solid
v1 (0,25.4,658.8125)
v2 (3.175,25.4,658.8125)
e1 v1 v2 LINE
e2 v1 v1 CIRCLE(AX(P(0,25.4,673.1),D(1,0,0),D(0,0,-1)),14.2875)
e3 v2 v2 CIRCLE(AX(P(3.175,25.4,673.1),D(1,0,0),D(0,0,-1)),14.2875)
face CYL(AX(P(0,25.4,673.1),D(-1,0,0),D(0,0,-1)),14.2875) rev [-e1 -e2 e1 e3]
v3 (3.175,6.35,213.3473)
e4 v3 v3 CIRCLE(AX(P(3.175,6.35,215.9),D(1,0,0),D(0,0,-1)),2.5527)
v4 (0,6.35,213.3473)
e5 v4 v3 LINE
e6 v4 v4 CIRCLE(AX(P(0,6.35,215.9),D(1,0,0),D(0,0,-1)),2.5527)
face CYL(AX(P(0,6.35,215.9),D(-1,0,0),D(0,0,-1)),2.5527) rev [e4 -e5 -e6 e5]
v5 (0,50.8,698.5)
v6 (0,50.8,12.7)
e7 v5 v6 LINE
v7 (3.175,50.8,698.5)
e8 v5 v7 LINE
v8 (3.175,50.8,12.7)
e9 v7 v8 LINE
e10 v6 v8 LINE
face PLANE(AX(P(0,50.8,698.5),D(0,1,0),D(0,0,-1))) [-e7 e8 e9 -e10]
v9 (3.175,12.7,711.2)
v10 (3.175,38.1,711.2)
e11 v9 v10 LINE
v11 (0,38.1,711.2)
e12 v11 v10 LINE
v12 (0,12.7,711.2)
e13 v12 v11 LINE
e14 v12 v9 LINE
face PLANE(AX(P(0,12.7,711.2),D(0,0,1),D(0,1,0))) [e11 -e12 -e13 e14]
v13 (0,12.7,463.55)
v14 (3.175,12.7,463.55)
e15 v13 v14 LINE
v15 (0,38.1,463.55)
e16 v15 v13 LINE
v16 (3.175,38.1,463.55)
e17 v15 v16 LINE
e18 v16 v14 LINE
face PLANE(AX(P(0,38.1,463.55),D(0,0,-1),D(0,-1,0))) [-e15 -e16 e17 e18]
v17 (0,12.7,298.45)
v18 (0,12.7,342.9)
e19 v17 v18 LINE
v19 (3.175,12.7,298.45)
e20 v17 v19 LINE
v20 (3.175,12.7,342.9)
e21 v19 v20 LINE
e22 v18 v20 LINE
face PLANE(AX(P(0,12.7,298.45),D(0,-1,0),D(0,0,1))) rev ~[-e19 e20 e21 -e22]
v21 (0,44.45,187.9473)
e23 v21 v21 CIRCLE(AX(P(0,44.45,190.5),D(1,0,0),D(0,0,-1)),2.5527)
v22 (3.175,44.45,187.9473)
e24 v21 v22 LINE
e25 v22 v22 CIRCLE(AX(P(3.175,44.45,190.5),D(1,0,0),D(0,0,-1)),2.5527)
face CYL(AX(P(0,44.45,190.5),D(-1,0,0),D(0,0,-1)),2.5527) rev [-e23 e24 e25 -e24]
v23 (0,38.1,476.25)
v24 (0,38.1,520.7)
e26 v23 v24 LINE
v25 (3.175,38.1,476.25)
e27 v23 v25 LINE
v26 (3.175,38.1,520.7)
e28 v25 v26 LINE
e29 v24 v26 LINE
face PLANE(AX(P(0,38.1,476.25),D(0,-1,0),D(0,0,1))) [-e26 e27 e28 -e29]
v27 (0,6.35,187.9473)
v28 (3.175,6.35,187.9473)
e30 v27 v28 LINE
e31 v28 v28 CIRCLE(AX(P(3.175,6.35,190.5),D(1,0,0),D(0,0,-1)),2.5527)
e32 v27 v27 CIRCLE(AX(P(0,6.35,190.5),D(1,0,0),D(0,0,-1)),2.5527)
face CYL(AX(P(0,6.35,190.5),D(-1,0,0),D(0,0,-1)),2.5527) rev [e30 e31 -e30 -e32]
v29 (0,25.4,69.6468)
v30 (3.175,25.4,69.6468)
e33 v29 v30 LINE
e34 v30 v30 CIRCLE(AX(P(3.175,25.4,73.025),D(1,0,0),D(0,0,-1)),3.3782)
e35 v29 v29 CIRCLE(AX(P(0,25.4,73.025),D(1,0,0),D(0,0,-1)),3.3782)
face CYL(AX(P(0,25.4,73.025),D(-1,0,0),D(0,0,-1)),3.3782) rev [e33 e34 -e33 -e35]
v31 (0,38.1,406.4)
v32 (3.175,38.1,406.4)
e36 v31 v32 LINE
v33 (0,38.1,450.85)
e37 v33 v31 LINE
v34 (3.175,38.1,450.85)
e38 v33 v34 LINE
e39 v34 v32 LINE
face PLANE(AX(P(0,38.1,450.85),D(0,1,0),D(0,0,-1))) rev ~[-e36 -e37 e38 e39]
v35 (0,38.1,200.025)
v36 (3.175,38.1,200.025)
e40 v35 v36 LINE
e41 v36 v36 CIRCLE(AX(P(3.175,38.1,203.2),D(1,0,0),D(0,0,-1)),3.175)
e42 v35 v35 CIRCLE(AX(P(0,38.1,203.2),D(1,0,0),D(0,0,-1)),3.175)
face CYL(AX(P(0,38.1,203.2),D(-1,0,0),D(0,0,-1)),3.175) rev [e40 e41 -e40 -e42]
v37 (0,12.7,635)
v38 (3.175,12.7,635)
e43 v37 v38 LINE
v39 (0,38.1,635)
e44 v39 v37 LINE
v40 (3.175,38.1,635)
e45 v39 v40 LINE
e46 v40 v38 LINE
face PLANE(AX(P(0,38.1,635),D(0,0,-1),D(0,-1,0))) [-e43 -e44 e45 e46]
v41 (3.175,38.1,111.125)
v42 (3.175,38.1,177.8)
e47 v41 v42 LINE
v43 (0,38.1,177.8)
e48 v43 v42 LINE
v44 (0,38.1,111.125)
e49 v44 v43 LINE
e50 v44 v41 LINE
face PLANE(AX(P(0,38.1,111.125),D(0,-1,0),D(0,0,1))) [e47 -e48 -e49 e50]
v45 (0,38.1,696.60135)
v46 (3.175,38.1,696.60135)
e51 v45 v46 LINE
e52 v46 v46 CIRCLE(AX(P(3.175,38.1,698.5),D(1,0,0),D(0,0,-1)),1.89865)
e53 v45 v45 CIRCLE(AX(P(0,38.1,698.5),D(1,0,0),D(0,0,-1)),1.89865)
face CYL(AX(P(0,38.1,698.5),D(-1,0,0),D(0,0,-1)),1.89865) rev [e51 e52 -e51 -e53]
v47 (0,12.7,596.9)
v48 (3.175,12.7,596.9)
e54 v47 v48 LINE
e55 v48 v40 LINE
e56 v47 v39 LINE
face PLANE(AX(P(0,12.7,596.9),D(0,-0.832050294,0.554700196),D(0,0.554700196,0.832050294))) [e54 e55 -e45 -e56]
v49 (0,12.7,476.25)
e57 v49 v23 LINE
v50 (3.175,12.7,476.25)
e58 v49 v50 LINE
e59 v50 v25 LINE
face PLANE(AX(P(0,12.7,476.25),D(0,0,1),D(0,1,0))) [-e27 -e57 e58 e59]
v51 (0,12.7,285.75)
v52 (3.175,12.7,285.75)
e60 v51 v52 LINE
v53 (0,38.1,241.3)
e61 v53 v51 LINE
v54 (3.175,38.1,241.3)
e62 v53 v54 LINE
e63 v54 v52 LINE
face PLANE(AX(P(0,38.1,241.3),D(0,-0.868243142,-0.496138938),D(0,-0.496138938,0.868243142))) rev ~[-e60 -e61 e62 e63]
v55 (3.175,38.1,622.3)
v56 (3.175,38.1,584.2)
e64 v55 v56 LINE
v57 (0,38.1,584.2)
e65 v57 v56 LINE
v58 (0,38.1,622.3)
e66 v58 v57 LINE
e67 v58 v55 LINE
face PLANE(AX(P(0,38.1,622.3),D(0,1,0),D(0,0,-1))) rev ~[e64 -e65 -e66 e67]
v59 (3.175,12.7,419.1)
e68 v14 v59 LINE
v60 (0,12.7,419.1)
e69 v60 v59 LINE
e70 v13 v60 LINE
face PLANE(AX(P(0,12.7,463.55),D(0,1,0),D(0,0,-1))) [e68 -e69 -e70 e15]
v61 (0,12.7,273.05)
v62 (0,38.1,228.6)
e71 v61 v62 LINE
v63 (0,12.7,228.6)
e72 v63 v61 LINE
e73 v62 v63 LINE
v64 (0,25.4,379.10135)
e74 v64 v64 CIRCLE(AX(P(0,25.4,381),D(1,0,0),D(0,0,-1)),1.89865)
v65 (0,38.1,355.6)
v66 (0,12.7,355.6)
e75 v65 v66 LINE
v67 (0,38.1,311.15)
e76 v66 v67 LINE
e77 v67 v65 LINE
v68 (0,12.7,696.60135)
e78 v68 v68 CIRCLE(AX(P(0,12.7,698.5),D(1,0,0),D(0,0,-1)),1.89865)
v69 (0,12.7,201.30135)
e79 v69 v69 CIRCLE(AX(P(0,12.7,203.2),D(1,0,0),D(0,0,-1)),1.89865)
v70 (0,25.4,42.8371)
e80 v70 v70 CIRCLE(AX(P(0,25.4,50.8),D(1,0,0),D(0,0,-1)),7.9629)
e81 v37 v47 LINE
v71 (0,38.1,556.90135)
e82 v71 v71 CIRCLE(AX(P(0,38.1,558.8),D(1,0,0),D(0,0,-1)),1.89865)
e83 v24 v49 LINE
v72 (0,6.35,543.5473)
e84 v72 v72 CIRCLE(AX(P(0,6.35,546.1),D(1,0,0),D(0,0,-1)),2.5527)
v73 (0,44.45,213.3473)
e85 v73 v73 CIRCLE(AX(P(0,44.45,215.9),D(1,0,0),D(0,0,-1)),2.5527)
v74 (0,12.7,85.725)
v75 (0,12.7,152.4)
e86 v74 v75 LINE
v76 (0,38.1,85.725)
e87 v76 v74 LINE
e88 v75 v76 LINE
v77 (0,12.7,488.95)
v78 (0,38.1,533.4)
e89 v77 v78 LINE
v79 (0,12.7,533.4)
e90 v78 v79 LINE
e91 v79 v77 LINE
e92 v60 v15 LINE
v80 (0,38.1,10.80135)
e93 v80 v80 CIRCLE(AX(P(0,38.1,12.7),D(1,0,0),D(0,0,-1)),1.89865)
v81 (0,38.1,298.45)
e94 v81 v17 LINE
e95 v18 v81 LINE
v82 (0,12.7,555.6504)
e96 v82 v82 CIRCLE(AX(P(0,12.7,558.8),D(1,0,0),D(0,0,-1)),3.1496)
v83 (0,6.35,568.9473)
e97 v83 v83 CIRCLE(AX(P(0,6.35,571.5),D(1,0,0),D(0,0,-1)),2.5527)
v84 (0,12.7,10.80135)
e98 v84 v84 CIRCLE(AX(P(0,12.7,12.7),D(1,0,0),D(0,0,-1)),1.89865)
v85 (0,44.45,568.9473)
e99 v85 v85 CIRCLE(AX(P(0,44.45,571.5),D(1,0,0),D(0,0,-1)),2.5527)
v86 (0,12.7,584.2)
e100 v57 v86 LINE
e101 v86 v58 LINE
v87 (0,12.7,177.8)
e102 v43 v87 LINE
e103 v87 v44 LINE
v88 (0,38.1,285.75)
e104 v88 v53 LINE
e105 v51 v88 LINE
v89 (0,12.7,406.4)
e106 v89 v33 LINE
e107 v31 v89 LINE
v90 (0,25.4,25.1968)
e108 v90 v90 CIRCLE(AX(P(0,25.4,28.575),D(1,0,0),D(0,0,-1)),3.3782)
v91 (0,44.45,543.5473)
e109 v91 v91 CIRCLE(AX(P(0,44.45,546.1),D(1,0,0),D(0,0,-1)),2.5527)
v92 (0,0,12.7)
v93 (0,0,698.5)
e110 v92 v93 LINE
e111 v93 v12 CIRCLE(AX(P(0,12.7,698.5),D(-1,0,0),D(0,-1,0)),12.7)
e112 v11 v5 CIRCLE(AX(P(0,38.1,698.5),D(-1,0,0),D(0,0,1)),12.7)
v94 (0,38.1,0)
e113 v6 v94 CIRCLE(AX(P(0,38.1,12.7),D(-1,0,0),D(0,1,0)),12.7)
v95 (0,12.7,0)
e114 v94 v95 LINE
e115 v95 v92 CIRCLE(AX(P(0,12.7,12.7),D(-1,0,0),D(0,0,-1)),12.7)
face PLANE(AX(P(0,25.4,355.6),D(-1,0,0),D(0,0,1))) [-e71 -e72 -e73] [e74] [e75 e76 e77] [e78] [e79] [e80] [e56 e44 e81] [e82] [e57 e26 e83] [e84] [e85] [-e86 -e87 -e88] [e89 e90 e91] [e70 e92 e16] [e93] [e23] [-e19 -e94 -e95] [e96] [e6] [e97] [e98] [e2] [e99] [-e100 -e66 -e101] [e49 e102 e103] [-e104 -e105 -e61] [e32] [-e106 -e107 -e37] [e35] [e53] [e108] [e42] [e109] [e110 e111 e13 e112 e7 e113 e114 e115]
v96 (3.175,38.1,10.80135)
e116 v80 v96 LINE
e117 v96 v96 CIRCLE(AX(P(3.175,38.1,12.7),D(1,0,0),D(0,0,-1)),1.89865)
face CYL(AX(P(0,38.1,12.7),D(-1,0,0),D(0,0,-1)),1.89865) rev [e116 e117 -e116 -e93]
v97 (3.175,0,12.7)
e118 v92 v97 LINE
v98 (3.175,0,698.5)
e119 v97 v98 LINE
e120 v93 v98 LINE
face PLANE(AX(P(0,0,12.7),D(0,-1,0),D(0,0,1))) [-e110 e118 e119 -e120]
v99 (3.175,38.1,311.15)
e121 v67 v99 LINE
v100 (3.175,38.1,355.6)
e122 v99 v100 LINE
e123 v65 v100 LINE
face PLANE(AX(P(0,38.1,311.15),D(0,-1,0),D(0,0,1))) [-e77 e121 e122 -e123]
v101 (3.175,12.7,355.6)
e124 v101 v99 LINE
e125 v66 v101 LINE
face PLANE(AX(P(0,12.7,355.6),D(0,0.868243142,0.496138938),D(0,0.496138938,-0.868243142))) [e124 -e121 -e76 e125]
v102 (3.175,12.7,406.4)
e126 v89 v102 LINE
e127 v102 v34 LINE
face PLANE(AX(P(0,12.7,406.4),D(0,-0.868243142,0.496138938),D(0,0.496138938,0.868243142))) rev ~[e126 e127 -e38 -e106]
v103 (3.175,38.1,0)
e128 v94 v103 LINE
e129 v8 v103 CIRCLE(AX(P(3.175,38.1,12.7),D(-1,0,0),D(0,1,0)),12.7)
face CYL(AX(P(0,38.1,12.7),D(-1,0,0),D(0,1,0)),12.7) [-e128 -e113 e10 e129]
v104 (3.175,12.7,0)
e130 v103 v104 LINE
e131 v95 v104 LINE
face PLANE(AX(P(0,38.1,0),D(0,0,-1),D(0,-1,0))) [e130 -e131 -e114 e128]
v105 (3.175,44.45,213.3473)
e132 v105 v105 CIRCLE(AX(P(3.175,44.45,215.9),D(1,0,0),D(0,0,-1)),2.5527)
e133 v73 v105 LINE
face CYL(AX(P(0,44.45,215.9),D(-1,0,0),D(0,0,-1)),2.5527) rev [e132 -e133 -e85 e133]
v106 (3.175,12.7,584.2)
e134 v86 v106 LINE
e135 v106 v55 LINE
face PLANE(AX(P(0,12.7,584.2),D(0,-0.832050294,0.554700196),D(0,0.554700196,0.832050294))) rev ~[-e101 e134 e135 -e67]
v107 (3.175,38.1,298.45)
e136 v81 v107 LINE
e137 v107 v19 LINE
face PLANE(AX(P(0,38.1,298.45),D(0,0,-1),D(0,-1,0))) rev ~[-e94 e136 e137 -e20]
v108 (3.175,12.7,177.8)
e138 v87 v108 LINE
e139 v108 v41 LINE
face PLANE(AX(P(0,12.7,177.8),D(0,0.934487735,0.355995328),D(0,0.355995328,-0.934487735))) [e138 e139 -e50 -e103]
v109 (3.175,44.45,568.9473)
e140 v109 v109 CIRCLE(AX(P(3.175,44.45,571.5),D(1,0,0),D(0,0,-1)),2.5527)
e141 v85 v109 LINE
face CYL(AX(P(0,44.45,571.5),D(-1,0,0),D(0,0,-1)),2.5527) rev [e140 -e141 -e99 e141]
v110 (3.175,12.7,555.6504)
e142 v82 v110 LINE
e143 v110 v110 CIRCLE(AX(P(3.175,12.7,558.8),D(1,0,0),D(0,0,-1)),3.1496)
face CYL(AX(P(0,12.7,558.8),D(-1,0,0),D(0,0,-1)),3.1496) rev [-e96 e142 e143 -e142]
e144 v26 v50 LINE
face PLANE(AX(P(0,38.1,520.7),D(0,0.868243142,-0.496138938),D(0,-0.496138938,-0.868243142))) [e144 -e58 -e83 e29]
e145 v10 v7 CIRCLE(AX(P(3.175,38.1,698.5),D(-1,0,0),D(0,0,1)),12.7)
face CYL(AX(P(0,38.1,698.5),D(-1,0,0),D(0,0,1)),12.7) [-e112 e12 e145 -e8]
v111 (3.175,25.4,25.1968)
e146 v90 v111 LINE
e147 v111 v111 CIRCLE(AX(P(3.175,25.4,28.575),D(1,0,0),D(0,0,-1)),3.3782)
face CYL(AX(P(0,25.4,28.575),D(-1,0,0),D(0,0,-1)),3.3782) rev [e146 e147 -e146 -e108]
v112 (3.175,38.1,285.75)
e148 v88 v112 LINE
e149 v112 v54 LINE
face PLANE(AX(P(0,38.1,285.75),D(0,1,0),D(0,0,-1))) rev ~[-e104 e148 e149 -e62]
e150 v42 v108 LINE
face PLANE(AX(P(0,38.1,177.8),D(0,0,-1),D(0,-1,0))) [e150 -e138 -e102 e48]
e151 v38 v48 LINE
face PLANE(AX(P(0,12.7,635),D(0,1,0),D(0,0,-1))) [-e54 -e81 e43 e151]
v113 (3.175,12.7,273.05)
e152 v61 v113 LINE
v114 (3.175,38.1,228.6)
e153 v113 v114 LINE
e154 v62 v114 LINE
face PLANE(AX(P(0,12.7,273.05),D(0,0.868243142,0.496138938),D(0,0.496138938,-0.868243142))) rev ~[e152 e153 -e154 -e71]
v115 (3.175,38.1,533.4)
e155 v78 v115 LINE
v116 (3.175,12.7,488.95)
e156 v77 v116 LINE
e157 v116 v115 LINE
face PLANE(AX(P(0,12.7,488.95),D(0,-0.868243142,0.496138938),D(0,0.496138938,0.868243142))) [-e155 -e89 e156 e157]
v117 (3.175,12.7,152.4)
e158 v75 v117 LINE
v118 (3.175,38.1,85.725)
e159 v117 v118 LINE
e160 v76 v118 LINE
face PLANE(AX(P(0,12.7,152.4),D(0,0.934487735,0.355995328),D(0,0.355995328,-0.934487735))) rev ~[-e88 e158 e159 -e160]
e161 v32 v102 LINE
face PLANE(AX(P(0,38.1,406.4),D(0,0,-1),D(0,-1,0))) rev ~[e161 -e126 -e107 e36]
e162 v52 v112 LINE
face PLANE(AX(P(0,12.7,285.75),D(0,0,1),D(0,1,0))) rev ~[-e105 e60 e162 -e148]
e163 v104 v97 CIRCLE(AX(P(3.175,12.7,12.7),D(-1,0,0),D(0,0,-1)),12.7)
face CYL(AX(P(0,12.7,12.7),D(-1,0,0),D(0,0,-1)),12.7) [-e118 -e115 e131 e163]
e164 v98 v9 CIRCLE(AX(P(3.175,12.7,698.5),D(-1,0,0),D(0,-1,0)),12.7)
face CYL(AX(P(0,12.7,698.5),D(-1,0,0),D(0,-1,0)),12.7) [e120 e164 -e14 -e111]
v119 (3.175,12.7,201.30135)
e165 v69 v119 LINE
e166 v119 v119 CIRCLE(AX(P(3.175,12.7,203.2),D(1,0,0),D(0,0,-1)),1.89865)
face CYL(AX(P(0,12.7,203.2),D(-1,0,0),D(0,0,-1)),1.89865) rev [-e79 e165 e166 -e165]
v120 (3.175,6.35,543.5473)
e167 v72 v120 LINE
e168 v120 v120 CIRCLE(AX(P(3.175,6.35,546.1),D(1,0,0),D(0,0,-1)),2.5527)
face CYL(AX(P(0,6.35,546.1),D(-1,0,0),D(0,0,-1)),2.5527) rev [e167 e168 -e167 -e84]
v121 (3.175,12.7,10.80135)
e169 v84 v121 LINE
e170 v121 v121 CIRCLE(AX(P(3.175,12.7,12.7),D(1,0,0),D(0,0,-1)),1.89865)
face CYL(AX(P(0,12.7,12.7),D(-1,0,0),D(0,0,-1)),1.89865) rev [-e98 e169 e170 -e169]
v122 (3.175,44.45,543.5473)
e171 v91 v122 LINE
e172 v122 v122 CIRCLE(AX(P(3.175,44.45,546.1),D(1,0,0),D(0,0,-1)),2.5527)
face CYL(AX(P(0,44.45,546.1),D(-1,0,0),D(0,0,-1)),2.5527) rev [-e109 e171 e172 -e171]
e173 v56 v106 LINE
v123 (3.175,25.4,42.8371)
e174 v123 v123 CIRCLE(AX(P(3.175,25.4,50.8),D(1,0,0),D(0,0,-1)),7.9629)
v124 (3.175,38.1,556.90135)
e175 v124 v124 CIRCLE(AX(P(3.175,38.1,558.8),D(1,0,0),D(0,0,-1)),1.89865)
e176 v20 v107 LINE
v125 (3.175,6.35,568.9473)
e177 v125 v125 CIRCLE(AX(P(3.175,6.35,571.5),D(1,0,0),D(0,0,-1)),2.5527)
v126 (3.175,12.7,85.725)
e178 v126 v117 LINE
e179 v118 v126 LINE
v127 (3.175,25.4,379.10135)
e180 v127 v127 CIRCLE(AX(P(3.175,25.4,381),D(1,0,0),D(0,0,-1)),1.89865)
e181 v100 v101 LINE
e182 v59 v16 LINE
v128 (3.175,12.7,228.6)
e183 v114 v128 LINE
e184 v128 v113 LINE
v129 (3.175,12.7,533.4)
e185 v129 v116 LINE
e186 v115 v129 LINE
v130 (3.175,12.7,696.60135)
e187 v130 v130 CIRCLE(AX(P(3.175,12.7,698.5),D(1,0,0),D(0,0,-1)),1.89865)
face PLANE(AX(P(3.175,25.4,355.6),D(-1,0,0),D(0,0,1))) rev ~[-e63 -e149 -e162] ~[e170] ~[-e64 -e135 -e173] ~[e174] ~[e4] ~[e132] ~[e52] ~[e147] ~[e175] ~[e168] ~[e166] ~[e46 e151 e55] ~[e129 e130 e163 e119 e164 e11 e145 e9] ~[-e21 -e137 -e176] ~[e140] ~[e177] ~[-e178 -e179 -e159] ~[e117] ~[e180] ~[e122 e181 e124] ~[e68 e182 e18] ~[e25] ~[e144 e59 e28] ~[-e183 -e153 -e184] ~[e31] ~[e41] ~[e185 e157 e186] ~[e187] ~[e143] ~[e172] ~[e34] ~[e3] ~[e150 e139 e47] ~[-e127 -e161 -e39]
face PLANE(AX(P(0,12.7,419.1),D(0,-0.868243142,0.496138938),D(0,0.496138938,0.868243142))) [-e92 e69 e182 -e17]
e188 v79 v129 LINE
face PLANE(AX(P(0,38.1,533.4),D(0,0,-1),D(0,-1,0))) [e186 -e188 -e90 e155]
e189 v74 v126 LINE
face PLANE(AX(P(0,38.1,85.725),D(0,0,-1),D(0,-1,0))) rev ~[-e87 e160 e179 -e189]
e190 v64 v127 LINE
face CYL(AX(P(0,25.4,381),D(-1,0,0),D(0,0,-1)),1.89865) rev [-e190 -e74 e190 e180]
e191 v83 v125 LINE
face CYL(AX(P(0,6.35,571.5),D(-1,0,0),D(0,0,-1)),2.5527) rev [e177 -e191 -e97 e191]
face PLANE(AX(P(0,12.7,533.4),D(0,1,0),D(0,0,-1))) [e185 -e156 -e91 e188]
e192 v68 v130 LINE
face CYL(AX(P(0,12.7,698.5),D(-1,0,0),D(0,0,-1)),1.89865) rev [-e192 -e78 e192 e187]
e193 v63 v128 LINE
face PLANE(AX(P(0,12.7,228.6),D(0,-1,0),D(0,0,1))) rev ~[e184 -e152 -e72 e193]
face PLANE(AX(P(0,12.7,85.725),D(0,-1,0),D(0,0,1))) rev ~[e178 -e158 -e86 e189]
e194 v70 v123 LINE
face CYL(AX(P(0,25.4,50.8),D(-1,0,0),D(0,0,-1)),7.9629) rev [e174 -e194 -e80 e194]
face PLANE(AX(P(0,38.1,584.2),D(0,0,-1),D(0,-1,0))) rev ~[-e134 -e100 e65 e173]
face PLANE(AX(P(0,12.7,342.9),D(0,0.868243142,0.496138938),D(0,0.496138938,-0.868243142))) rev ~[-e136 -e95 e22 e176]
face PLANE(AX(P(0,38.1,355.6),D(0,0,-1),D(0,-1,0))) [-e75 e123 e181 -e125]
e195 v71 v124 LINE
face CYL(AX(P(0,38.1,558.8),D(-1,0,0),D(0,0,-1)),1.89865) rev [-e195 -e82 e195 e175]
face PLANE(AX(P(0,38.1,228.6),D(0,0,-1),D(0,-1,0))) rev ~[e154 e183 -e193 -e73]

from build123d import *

# Parameters (mm, degrees)
SKETCH1_R           = 7.9629
SKETCH1_R_2         = 3.3782
SKETCH1_R_3         = 2.5527
SKETCH1_R_4         = 14.2875
SKETCH1_R_5         = 1.89865
SKETCH1_R_6         = 3.1496
SKETCH1_R_7         = 3.175
BOSS_EXTRUDE1_DEPTH = 3.175


with BuildPart() as part:
    # Sketch1 → Boss-Extrude1 (new body)
    with BuildSketch(Plane(origin=(0, 0, 0), x_dir=(0, 0, -1), z_dir=(1, 0, 0))):
        with BuildLine():
            Line((-12.7, 0), (-698.5, 0))
            ThreePointArc((-698.5, 0), (-707.480256121, 3.719743879), (-711.2, 12.7))
            Line((-711.2, 12.7), (-711.2, 38.1))
            ThreePointArc((-711.2, 38.1), (-707.480256121, 47.080256121), (-698.5, 50.8))
            Line((-698.5, 50.8), (-12.7, 50.8))
            ThreePointArc((-12.7, 50.8), (-3.719743879, 47.080256121), (0, 38.1))
            Line((0, 38.1), (0, 12.7))
            ThreePointArc((0, 12.7), (-3.719743879, 3.719743879), (-12.7, 0))
        make_face()
        with Locations((-50.8, 25.4)):
            Circle(SKETCH1_R, mode=Mode.SUBTRACT)
        with Locations((-28.575, 25.4)):
            Circle(SKETCH1_R_2, mode=Mode.SUBTRACT)
        with Locations((-215.9, 44.45)):
            Circle(SKETCH1_R_3, mode=Mode.SUBTRACT)
        with Locations((-190.5, 44.45)):
            Circle(SKETCH1_R_3, mode=Mode.SUBTRACT)
        with Locations((-190.5, 6.35)):
            Circle(SKETCH1_R_3, mode=Mode.SUBTRACT)
        with Locations((-215.9, 6.35)):
            Circle(SKETCH1_R_3, mode=Mode.SUBTRACT)
        with Locations((-73.025, 25.4)):
            Circle(SKETCH1_R_2, mode=Mode.SUBTRACT)
        with Locations((-673.1, 25.4)):
            Circle(SKETCH1_R_4, mode=Mode.SUBTRACT)
        with Locations((-571.5, 44.45)):
            Circle(SKETCH1_R_3, mode=Mode.SUBTRACT)
        with Locations((-546.1, 44.45)):
            Circle(SKETCH1_R_3, mode=Mode.SUBTRACT)
        with Locations((-12.7, 38.1)):
            Circle(SKETCH1_R_5, mode=Mode.SUBTRACT)
        with Locations((-12.7, 12.7)):
            Circle(SKETCH1_R_5, mode=Mode.SUBTRACT)
        with Locations((-546.1, 6.35)):
            Circle(SKETCH1_R_3, mode=Mode.SUBTRACT)
        with Locations((-571.5, 6.35)):
            Circle(SKETCH1_R_3, mode=Mode.SUBTRACT)
        with Locations((-558.8, 12.7)):
            Circle(SKETCH1_R_6, mode=Mode.SUBTRACT)
        with Locations((-203.2, 38.1)):
            Circle(SKETCH1_R_7, mode=Mode.SUBTRACT)
        with Locations((-698.5, 38.1)):
            Circle(SKETCH1_R_5, mode=Mode.SUBTRACT)
        with Locations((-698.5, 12.7)):
            Circle(SKETCH1_R_5, mode=Mode.SUBTRACT)
        with Locations((-558.8, 38.1)):
            Circle(SKETCH1_R_5, mode=Mode.SUBTRACT)
        with Locations((-203.2, 12.7)):
            Circle(SKETCH1_R_5, mode=Mode.SUBTRACT)
        with Locations((-381, 25.4)):
            Circle(SKETCH1_R_5, mode=Mode.SUBTRACT)
        Polygon((-228.6, 38.1), (-228.6, 12.7), (-273.05, 12.7), align=None, mode=Mode.SUBTRACT)
        Polygon((-635, 38.1), (-635, 12.7), (-596.9, 12.7), align=None, mode=Mode.SUBTRACT)
        Polygon((-622.3, 38.1), (-584.2, 38.1), (-584.2, 12.7), align=None, mode=Mode.SUBTRACT)
        Polygon((-533.4, 38.1), (-533.4, 12.7), (-488.95, 12.7), align=None, mode=Mode.SUBTRACT)
        Polygon((-406.4, 38.1), (-406.4, 12.7), (-450.85, 38.1), align=None, mode=Mode.SUBTRACT)
        Polygon((-419.1, 12.7), (-463.55, 38.1), (-463.55, 12.7), align=None, mode=Mode.SUBTRACT)
        Polygon((-476.25, 12.7), (-476.25, 38.1), (-520.7, 38.1), align=None, mode=Mode.SUBTRACT)
        Polygon((-241.3, 38.1), (-285.75, 12.7), (-285.75, 38.1), align=None, mode=Mode.SUBTRACT)
        Polygon((-298.45, 38.1), (-298.45, 12.7), (-342.9, 12.7), align=None, mode=Mode.SUBTRACT)
        Polygon((-355.6, 38.1), (-355.6, 12.7), (-311.15, 38.1), align=None, mode=Mode.SUBTRACT)
        Polygon((-177.8, 38.1), (-177.8, 12.7), (-111.125, 38.1), align=None, mode=Mode.SUBTRACT)
        Polygon((-85.725, 38.1), (-85.725, 12.7), (-152.4, 12.7), align=None, mode=Mode.SUBTRACT)
    extrude(amount=BOSS_EXTRUDE1_DEPTH)


solid = part.part
